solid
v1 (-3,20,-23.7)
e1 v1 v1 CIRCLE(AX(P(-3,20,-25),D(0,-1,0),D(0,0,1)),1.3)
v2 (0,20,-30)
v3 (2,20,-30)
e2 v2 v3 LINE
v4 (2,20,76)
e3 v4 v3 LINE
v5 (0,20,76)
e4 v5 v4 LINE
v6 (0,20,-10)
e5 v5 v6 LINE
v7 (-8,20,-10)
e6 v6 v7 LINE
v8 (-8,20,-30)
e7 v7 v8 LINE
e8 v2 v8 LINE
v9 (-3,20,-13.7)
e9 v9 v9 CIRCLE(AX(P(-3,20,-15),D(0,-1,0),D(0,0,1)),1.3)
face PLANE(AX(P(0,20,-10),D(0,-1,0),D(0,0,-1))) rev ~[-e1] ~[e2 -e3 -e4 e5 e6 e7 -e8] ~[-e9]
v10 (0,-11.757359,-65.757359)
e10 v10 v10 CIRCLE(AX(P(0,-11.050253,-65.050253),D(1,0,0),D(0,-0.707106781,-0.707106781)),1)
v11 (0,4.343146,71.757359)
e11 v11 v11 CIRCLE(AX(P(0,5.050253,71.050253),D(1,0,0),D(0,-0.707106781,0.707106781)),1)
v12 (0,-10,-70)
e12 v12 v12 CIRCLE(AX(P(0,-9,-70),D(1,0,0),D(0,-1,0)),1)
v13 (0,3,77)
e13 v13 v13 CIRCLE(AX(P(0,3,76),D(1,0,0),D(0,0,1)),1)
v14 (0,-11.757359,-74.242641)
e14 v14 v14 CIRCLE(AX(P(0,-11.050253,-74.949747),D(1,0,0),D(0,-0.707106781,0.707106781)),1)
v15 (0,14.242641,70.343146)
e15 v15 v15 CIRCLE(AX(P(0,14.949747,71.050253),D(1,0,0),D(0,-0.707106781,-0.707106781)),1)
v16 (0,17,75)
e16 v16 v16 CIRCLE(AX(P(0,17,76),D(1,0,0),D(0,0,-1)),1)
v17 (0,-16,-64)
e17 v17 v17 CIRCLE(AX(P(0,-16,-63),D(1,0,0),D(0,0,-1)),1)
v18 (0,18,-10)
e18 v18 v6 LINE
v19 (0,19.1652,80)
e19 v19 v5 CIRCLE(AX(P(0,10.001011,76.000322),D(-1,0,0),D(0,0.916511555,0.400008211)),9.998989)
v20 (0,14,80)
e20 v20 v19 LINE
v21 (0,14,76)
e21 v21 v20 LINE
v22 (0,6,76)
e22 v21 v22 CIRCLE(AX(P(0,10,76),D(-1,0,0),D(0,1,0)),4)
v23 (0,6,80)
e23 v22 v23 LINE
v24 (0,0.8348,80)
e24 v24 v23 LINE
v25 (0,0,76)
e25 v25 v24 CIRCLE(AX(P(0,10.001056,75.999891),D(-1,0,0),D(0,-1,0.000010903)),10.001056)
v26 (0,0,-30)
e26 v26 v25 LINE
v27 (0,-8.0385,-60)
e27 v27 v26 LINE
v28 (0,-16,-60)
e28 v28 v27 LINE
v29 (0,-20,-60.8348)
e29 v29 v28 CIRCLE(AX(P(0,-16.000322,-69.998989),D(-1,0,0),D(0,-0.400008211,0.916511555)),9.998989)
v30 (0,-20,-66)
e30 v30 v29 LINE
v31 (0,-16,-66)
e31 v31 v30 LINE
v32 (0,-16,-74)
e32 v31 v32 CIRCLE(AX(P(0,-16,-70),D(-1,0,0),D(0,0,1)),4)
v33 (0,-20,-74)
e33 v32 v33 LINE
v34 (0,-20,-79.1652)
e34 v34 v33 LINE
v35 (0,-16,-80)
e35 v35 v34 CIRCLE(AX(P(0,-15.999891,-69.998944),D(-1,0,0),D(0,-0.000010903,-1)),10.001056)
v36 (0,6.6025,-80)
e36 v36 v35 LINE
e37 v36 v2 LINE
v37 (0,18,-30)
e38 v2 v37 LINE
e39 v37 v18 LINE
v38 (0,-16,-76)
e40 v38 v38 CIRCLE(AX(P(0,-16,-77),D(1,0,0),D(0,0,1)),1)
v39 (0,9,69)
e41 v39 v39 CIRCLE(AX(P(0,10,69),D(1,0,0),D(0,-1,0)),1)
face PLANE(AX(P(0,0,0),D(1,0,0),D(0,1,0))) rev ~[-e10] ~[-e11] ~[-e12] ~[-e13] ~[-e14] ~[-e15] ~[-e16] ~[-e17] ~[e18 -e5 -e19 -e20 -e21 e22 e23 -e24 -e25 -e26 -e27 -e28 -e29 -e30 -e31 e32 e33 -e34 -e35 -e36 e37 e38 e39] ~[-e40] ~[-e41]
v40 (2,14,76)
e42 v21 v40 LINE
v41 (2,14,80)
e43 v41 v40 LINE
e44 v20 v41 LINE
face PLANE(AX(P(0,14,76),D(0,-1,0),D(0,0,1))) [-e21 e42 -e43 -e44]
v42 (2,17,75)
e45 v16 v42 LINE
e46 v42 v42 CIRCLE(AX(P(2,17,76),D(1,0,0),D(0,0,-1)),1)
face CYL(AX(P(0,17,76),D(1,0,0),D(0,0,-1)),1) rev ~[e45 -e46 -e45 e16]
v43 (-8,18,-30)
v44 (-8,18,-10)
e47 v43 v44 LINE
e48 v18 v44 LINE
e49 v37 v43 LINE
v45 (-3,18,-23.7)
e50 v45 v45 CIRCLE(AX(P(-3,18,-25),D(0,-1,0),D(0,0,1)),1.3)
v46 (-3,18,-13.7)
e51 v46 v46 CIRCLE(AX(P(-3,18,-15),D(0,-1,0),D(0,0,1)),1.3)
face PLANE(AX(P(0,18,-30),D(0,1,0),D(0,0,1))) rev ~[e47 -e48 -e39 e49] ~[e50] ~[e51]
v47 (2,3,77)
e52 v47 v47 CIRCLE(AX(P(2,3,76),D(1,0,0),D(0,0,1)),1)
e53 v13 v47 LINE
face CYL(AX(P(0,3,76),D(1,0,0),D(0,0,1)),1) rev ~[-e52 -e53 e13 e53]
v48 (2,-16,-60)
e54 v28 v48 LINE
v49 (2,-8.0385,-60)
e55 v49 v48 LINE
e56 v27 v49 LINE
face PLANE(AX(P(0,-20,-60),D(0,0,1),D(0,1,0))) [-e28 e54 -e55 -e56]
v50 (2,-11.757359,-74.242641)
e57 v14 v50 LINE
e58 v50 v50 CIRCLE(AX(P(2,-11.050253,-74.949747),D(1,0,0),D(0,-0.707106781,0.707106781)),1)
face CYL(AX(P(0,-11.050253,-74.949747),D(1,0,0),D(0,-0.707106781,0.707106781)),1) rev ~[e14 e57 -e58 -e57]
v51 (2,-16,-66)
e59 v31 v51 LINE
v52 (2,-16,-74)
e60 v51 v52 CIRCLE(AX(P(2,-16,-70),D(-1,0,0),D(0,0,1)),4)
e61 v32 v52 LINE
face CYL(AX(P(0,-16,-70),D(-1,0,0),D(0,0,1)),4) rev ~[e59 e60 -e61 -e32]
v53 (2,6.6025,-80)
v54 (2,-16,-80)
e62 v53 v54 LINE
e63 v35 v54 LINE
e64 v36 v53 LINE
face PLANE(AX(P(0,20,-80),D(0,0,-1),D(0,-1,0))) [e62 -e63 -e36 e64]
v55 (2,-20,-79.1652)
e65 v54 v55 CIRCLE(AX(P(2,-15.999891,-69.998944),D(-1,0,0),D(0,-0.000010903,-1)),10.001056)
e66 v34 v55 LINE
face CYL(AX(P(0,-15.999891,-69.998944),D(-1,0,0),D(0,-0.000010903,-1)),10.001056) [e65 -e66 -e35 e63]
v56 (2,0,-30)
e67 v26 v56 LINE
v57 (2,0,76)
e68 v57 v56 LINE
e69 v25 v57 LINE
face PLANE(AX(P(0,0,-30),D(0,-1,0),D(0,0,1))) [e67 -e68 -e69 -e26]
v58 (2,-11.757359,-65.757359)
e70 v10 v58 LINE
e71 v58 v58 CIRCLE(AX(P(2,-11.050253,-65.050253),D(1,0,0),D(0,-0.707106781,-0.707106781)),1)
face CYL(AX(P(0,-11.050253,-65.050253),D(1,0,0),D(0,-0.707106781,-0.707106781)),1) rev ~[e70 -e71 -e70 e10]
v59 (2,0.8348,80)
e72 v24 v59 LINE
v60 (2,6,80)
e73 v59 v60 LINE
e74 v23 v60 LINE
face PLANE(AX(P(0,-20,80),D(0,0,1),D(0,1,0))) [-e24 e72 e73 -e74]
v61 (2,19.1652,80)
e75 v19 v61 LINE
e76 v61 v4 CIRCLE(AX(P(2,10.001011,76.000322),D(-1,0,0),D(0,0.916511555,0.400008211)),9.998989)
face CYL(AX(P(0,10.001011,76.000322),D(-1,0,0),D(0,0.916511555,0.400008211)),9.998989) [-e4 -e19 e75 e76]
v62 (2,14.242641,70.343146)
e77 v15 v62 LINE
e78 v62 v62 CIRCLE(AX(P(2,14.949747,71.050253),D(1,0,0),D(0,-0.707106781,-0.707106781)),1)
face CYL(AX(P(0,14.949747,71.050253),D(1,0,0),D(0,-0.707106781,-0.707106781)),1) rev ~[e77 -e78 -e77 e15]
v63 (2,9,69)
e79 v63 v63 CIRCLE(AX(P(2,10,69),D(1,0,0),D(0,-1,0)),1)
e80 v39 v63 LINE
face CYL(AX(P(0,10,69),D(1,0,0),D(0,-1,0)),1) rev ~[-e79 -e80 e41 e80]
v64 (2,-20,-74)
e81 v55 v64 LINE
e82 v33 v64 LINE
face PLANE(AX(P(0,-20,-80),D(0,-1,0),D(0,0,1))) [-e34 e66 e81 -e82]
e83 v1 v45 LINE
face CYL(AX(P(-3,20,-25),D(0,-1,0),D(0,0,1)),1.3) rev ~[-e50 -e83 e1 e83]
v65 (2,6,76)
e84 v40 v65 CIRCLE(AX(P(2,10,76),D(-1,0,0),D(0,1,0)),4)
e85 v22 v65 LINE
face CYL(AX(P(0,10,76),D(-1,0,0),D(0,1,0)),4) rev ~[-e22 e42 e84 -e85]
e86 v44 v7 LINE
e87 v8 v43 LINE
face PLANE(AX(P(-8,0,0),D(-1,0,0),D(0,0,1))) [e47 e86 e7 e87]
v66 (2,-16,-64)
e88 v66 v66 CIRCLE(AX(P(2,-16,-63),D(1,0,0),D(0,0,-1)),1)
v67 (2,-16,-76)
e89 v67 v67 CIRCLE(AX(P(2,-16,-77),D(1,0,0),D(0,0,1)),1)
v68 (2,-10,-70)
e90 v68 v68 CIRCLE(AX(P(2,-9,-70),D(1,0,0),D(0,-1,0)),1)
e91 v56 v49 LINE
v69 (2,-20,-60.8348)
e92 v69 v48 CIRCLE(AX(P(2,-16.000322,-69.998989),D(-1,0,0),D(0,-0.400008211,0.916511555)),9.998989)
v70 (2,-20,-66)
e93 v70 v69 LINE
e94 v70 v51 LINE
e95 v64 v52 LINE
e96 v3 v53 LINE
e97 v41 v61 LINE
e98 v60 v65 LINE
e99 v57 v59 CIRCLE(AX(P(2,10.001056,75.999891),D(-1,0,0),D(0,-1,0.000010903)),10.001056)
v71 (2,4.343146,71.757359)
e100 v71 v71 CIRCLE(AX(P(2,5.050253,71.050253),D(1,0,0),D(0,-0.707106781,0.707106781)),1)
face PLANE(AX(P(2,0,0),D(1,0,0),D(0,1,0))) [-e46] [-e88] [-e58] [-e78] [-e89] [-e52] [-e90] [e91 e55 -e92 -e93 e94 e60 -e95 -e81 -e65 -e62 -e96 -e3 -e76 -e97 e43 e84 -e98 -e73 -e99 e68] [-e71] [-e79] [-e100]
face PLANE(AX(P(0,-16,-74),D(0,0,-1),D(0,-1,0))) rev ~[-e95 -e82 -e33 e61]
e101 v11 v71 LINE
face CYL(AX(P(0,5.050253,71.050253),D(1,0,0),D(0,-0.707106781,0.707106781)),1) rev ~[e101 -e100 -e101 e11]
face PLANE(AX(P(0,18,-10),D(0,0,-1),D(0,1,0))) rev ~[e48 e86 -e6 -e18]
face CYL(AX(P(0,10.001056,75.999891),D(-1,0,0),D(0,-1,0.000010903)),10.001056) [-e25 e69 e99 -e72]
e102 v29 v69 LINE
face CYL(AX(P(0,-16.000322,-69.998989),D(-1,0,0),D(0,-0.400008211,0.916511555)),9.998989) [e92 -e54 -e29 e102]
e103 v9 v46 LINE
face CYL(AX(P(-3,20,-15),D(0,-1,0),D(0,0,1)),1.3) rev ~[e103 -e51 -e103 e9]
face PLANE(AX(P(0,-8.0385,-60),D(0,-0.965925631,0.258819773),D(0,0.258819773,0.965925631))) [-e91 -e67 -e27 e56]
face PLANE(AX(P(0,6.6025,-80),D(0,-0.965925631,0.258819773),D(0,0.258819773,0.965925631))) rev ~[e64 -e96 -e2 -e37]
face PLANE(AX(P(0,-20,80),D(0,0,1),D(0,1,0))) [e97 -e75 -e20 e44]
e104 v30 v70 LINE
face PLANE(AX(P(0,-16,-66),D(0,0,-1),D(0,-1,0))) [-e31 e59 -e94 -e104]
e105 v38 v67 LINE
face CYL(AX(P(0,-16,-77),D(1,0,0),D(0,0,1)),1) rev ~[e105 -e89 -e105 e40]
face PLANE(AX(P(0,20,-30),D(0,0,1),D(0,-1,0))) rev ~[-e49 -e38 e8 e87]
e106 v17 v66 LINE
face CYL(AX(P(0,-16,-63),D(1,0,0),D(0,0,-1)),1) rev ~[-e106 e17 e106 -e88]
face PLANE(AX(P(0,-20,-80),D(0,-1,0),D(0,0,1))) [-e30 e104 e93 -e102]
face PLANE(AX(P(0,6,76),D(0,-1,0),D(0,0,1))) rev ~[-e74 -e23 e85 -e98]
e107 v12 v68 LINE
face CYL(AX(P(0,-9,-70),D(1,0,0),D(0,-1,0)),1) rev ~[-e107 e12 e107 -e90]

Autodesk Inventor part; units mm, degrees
ref_plane "YZ Plane" through (0, 0, 0) normal (1, 0, 0) x (0, 1, 0)
ref_plane "XZ Plane" through (0, 0, 0) normal (0, 1, 0) x (-1, 0, 0)
ref_plane "XY Plane" through (0, 0, 0) normal (0, 0, 1) x (1, 0, 0)
sketch "スケッチ1" plane through (0, 0, 0) normal (1, 0, 0) x (0, 1, 0)
  line L0 (-20, 80) -> (20, 80)
  line L1 (20, 80) -> (20, -80)
  line L2 (20, -80) -> (-20, -80)
  line L3 (-20, -80) -> (-20, 80)
  point P0 (0, 0)
  dimension "d0" = 160
  dimension "d2" = 40
  dimension "d3" = 20
  dimension "d4" = 80
extrude "押し出し1" add sketch "スケッチ1" along normal blind 2
sketch "スケッチ3" plane through (0, 0, 0) normal (-1, 0, 0) x (0, 0, 1)
  line L0 (80, -20) -> (80, 20) projected
  line L1 (80, 20) -> (-80, 20) projected
  line L2 (-80, 20) -> (-80, -20) projected
  line L3 (-80, -20) -> (80, -20) projected
  line L4 (-60, -20) -> (-60, -8.0385)
  line L5 (-60, -8.0385) -> (-30, 0)
  line L6 (-30, 0) -> (80, 0)
  line L7 (80, 0) -> (80, 20)
  line L8 (-80, 6.6025) -> (-30, 20)
  point P0 (0, 0)
  dimension "d11" = 20
  dimension "d12" = 15
  dimension "d13" = 15
  dimension "d14" = 20
  dimension "d15" = 160
  dimension "d17" = 110
  dimension "d18" = 110
extrude "押し出し3" cut sketch "スケッチ3" against normal blind 20 contours L6 L5 L4 L3 L2 L8 L1 L0 keep common part
sketch "スケッチ6" plane through (0, 0, 0) normal (-1, 0, 0) x (0, 0, 1)
  line L0 (-60, -8.0385) -> (-60, -20) projected
  line L1 (-30, 0) -> (-60, -8.0385) projected
  line L2 (80, 0) -> (-30, 0) projected
  line L3 (80, 0) -> (80, 20) projected
  line L4 (80, 20) -> (-30, 20) projected
  line L5 (-80, 6.6025) -> (-30, 20) projected
  line L6 (-80, 6.6025) -> (-80, -20) projected
  line L7 (-80, -20) -> (-60, -20) projected
  arc A0 (-66, -16) -> (-74, -16) centre (-70, -16) ccw
  arc A1 (76, 14) -> (76, 6) centre (76, 10) ccw
  line L8 (-74, -16) -> (-74, -20)
  line L9 (-66, -16) -> (-66, -20)
  line L10 (76, 14) -> (80, 14)
  line L11 (76, 6) -> (80, 6)
  arc A2 (-60.8348, -20) -> (-60, -16) centre (-70, -16) ccw
  arc A3 (-80, -16) -> (-79.1652, -20) centre (-70, -16) ccw
  arc A4 (76, 0) -> (80, 0.8348) centre (76, 10) ccw
  arc A5 (80, 19.1652) -> (76, 20) centre (76, 10) ccw
  point P0 (0, 0)
  dimension "d39" = 8
  dimension "d40" = 4
  dimension "d41" = 4
  dimension "d42" = 10
  dimension "d43" = 10
extrude "押し出し6" cut sketch "スケッチ6" against normal blind 11 contours L0 A2 L7 L9 A0 L8 A3 L6 L5 L4 A5 L3 L10 A1 L11 A4 L2 L1 keep common part
sketch "スケッチ7" plane through (0, 0, 0) normal (-1, 0, 0) x (0, 0, 1)
  arc A0 (80, 19.1652) -> (76, 20) centre (76, 10) ccw projected
  arc A1 (-80, -16) -> (-79.1652, -20) centre (-70, -16) ccw projected
  line L0 (-79.1652, -20) -> (-74, -20) projected
  line L1 (80, 0.8348) -> (80, 6) projected
  circle A2 centre (76, 3) radius 1
  circle A3 centre (-77, -16) radius 1
  point P0 (0, 0)
  dimension "d46" = 2
  dimension "d48" = 7
  dimension "d49" = 4
  dimension "d50" = 4
  dimension "d51" = 7
hole "穴1" at (0, -16, -77) at (0, 3, 76) direction (1, 0, 0) diameter 2 end through all
pattern_circular "円形状パターン1" count 5 over 180 about axis through (0, -16, -70) along (1, 0, 0) of "穴1"
pattern_circular "円形状パターン2" count 5 over 180 about axis through (0, 10, 76) along (1, 0, 0) of "穴1"
sketch "スケッチ9" plane through (0, 0, 0) normal (-1, 0, 0) x (0, 0, 1)
  line L0 (76, 20) -> (-30, 20) projected
  line L1 (80, 14) -> (80, 19.1652) projected
  line L2 (-10, 20) -> (-30, 20)
  line L3 (-30, 20) -> (-30, 18)
  line L4 (-30, 18) -> (-10, 18)
  line L5 (-10, 18) -> (-10, 20)
  point P0 (0, 0)
  dimension "d85" = 2
  dimension "d87" = 20
  dimension "d88" = 90
extrude "押し出し8" add sketch "スケッチ9" along normal blind 8
sketch "スケッチ10" plane through (0, 20, 76) normal (0, 1, 0) x (1, 0, 0)
  line L0 (0, 106) -> (-8, 106) projected
  line L1 (-8, 86) -> (-8, 106) projected
  circle A0 centre (-3, 91) radius 1
  circle A1 centre (-3, 101) radius 1
  point P0 (0, 76)
  dimension "d94" = 5
  dimension "d95" = 5
  dimension "d96" = 10
  dimension "d97" = 5
  dimension "d98" = 2
hole "穴3" at (-3, 20, -15) at (-3, 20, -25) direction (0, -1, 0) diameter 2.6 end through all
thread "ねじ5" size "M2.6x0.45" class "6H" standard "ANSI Metric M Profile" full length
thread "ねじ6" size "M2.6x0.45" class "6H" standard "ANSI Metric M Profile" full length
properties part number "10" material "アルミニウム 6061"
